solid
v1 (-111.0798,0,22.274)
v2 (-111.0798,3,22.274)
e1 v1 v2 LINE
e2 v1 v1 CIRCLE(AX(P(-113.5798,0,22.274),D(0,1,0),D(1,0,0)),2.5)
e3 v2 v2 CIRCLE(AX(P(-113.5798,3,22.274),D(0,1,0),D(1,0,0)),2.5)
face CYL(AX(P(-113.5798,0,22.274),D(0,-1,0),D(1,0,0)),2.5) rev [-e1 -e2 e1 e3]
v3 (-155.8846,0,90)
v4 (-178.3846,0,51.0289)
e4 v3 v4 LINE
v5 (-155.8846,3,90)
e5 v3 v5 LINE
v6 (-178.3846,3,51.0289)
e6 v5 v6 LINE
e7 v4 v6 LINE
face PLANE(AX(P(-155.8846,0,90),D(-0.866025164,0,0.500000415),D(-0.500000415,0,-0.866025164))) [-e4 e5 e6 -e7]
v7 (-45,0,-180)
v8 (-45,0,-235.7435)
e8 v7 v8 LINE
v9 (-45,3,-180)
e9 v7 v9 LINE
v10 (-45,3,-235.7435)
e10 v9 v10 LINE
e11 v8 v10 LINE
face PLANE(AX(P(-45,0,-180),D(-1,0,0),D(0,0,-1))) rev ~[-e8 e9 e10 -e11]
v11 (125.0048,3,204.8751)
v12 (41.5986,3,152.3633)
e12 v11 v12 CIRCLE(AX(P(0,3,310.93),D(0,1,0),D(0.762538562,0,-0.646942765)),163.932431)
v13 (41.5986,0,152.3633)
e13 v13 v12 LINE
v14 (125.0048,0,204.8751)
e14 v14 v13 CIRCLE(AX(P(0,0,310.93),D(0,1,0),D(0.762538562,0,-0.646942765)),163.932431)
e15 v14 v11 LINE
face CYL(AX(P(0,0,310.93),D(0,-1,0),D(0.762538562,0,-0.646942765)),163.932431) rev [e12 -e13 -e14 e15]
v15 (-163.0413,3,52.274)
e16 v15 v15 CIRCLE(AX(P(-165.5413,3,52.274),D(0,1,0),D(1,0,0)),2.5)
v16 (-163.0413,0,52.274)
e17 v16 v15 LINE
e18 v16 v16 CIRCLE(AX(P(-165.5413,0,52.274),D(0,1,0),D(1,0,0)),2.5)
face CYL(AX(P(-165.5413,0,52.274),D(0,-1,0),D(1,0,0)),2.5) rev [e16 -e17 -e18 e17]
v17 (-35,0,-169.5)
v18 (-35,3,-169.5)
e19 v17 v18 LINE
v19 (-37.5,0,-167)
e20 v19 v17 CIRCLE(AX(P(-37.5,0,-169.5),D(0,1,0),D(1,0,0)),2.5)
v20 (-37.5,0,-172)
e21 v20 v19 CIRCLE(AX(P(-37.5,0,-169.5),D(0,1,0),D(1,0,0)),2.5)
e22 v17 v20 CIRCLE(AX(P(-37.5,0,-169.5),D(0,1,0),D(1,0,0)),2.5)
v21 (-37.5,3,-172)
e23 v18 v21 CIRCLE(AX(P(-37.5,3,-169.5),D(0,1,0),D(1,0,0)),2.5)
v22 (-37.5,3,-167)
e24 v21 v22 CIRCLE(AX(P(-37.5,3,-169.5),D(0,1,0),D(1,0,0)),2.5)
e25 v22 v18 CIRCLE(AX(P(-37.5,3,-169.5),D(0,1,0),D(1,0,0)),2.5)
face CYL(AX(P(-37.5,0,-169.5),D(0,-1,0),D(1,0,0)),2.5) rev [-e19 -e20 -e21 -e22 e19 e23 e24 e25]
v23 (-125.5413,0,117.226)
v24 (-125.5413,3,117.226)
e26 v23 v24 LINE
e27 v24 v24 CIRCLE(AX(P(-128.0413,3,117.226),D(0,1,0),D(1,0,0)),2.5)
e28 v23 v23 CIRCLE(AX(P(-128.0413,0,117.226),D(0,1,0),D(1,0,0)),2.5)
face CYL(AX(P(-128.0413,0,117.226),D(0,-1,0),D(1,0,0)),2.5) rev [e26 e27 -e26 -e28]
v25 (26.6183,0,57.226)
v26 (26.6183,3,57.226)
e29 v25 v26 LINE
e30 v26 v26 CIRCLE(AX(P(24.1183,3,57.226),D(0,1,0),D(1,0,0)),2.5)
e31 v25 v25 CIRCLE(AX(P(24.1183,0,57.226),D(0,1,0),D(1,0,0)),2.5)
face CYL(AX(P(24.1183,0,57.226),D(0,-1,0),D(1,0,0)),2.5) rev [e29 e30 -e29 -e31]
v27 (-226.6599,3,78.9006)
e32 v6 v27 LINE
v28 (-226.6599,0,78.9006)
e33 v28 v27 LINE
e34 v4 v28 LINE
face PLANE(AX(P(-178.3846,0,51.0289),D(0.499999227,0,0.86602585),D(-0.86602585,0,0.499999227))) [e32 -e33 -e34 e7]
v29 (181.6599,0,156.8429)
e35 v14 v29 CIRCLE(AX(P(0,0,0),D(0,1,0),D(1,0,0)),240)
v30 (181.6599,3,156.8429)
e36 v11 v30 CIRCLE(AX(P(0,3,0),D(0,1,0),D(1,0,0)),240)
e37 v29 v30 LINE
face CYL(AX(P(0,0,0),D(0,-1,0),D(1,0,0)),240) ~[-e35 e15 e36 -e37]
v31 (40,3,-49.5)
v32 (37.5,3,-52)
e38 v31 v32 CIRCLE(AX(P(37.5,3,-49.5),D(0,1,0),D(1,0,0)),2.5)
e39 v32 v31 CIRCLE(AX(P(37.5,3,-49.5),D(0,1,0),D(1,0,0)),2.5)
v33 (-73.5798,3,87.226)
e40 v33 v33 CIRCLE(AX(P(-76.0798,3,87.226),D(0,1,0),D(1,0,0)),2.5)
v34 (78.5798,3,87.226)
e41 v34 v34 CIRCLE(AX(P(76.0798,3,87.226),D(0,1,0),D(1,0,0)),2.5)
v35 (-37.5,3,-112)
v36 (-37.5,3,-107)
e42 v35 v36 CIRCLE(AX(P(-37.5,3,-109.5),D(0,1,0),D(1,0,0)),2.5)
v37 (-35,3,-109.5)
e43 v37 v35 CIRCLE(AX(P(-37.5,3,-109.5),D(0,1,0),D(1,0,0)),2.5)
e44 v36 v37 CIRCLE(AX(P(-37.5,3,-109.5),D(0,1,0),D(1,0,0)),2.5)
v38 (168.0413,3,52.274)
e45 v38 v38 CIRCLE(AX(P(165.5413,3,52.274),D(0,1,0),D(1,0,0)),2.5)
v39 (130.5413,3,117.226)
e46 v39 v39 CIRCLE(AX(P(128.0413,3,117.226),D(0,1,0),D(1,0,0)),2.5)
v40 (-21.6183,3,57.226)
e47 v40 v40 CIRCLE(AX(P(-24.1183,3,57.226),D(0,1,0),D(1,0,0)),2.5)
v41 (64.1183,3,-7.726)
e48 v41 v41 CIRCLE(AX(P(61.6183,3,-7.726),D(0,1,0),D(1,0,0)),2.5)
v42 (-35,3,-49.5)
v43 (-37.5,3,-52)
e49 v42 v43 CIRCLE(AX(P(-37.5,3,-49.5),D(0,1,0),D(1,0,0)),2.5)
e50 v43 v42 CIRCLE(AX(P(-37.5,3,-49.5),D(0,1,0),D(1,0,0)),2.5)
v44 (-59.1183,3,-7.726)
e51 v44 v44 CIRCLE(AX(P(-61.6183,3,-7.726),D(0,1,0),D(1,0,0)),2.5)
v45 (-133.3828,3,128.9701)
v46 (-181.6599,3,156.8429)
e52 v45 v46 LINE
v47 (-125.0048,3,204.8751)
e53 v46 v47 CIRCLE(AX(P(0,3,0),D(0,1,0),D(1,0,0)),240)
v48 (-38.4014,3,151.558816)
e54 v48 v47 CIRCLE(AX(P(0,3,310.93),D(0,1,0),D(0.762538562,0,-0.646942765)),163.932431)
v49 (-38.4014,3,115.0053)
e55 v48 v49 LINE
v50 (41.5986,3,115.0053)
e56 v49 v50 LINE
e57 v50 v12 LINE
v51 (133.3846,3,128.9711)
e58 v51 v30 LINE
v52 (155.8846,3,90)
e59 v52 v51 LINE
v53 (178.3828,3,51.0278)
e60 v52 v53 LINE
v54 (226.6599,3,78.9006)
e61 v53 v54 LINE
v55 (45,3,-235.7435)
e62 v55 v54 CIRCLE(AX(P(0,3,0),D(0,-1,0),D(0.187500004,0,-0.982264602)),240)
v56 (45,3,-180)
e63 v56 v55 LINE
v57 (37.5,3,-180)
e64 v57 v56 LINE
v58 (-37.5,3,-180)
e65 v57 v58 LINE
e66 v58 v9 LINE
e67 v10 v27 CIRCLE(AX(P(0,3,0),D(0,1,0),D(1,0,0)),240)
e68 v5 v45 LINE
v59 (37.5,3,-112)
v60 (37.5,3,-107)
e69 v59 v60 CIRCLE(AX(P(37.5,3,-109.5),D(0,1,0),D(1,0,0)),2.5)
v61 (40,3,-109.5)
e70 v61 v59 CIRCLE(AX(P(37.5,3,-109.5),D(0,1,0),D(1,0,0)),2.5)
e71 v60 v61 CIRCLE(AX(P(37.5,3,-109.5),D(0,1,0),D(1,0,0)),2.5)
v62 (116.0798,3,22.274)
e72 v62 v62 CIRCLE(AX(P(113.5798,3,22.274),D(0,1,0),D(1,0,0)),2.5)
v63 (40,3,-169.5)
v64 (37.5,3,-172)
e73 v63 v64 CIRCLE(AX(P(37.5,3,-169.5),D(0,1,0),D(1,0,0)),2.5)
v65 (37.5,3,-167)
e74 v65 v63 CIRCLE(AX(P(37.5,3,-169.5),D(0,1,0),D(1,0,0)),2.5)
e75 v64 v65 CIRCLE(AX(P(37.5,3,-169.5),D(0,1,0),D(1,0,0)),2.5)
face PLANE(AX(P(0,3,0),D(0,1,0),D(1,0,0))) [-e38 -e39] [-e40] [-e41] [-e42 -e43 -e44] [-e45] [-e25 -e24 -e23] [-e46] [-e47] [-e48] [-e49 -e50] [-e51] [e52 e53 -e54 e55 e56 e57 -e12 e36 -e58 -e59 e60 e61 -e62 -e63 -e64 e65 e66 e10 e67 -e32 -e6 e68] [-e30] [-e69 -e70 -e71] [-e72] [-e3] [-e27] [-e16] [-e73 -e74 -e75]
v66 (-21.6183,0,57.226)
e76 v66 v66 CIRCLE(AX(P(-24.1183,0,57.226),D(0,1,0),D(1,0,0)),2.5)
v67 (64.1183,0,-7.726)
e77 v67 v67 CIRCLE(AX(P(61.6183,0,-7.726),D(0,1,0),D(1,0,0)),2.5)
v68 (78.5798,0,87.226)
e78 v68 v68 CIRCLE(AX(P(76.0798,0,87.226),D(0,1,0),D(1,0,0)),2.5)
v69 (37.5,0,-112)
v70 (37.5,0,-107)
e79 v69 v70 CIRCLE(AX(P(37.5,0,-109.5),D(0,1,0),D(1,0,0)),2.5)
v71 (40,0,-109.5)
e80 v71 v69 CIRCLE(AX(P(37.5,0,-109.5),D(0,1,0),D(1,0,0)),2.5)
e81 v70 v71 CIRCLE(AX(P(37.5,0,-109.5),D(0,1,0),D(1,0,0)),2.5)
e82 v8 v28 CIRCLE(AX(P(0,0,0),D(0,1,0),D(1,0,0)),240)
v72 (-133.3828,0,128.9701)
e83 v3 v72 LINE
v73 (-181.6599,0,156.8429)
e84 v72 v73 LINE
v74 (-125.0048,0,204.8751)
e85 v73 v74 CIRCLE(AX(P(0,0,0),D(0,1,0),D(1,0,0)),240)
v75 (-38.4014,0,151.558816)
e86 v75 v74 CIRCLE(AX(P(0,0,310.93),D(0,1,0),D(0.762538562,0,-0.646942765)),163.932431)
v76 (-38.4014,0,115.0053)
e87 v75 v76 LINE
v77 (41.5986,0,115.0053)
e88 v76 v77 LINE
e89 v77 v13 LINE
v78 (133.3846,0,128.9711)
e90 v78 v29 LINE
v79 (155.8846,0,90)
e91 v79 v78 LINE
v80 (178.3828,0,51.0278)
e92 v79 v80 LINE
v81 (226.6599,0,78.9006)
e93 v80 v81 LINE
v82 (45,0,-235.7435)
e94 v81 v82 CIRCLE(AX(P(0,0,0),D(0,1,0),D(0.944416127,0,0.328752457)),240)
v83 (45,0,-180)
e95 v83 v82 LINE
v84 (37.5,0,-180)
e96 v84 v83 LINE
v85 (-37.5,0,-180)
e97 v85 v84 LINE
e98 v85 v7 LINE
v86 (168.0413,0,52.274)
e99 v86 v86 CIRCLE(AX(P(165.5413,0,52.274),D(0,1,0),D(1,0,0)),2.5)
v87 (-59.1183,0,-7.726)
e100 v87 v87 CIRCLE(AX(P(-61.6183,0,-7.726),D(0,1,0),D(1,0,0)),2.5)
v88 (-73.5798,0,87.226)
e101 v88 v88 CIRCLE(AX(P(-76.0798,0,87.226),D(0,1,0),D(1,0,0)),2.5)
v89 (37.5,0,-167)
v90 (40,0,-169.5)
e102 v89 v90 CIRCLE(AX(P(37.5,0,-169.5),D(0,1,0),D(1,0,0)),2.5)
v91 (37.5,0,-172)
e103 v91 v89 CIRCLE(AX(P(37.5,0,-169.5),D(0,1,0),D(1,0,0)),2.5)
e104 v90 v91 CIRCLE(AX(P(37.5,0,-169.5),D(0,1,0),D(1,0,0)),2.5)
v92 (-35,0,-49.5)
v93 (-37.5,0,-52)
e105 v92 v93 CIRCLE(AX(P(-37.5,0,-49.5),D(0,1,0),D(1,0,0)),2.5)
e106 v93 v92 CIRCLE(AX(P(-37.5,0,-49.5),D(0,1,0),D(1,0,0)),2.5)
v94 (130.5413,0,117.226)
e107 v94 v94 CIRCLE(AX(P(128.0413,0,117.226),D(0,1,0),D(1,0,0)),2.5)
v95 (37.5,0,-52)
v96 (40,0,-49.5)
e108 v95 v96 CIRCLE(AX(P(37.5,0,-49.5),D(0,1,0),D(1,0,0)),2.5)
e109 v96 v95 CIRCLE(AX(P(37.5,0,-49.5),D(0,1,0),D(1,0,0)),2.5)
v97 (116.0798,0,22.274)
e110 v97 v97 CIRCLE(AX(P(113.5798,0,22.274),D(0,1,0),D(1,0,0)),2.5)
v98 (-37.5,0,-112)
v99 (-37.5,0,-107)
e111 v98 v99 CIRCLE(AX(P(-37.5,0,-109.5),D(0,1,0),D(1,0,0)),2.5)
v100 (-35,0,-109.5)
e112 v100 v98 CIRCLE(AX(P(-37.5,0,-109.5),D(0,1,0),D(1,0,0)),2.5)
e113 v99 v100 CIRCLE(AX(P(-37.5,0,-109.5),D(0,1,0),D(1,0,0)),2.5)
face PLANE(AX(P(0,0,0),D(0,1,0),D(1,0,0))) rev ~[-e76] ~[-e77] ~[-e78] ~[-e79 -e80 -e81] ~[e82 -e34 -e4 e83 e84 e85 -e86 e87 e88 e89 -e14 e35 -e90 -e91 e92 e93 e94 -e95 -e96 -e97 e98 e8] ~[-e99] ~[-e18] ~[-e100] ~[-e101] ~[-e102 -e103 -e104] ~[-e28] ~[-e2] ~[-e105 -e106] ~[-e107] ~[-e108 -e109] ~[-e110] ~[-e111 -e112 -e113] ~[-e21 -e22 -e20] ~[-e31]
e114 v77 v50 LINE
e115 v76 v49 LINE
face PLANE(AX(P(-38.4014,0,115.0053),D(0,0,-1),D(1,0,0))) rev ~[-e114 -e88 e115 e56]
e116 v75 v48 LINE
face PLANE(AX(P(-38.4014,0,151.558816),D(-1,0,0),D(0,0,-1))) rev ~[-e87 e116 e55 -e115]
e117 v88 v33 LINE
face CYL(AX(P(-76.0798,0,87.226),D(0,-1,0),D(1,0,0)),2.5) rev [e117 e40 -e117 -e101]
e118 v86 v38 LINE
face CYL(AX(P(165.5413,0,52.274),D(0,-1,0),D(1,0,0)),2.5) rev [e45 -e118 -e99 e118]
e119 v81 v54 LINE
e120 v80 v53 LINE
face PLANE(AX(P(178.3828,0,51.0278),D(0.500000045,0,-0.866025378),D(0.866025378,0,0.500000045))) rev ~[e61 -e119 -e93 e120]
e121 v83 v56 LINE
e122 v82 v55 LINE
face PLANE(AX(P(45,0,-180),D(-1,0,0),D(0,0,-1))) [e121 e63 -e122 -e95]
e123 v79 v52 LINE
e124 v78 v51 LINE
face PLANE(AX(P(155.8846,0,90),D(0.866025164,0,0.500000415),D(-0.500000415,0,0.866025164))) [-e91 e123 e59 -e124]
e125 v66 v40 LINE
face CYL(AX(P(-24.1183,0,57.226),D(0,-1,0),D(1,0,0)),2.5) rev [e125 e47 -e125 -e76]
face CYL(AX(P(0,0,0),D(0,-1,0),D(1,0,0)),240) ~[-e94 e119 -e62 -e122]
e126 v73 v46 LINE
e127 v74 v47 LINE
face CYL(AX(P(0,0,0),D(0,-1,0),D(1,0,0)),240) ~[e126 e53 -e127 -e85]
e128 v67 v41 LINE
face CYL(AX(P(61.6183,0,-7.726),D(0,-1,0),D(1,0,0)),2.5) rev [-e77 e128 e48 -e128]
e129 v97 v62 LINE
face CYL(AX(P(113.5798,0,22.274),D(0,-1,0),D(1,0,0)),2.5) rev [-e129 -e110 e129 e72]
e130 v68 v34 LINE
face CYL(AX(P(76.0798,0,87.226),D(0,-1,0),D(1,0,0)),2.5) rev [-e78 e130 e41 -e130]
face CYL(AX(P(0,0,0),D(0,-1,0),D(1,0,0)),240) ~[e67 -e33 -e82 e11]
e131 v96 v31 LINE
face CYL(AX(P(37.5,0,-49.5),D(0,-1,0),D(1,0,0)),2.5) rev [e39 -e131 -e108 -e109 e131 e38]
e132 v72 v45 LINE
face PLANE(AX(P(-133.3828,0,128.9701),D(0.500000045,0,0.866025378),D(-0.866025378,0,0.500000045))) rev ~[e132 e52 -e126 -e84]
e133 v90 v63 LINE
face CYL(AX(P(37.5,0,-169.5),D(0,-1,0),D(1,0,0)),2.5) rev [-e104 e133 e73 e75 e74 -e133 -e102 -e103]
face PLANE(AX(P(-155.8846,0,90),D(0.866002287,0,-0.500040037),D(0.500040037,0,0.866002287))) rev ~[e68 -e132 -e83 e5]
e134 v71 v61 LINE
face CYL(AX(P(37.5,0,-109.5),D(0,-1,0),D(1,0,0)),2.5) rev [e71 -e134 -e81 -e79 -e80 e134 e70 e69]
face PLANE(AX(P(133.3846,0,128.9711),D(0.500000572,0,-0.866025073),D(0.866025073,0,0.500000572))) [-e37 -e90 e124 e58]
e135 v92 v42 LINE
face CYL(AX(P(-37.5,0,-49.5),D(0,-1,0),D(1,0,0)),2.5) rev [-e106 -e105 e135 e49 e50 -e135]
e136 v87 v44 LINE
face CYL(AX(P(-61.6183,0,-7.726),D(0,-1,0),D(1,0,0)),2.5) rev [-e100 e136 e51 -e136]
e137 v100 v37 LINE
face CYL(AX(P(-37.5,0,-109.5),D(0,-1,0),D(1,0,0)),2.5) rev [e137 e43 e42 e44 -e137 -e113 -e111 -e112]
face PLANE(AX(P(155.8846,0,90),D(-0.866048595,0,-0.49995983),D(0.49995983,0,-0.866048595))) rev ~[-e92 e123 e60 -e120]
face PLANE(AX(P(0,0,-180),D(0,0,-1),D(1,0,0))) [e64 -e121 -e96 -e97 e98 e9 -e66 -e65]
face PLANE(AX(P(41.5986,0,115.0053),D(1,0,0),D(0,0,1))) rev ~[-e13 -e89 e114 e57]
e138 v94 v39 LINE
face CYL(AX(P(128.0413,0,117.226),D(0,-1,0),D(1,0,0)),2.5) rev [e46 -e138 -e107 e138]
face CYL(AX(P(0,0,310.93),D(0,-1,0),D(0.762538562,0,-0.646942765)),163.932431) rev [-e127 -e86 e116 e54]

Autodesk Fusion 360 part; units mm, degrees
sketch "Sketch1" plane through (0, 0, 0) normal (0, 1, 0) x (1, 0, 0)
  circle A0 centre (0, 0) radius 240
  line L0 (0, 0) -> (-207.8461, -120)
  line L1 (0, 0) -> (240, 0) construction
  line L2 (0, 0) -> (207.8461, -120)
  line L3 (0, 0) -> (240, 0) construction
  line L4 (0, 0) -> (0, 240)
  line L5 (0, 240) -> (0, 180)
  line L6 (0, 180) -> (-45, 180)
  line L7 (0, 180) -> (45, 180)
  line L8 (45, 180) -> (45, 235.7435)
  line L9 (-45, 180) -> (-45, 179.9979)
  line L10 (-45, 179.9979) -> (-45, 235.7435)
  line L11 (-133.3828, -128.9701) -> (-181.6599, -156.8429)
  line L12 (-155.8846, -90) -> (-133.3846, -128.9711)
  line L13 (-155.8846, -90) -> (-178.3846, -51.0289)
  line L14 (-178.3846, -51.0289) -> (-226.6599, -78.9006)
  line L15 (178.3828, -51.0278) -> (226.6599, -78.9006)
  line L16 (155.8846, -90) -> (178.3846, -51.0289)
  line L17 (155.8846, -90) -> (133.3846, -128.9711)
  line L18 (133.3846, -128.9711) -> (181.6599, -156.8429)
  line L19 (0, 180) -> (-37.5, 180)
  line L20 (-37.5, 180) -> (-37.5, 169.5)
  circle A1 centre (-37.5, 169.5) radius 2.5
  line L21 (-37.5, 169.5) -> (-37.5, 109.5)
  line L22 (-37.5, 109.5) -> (-37.5, 49.5)
  circle A2 centre (-37.5, 109.5) radius 2.5
  circle A3 centre (-37.5, 49.5) radius 2.5
  line L23 (37.5, 109.5) -> (37.5, 49.5)
  circle A4 centre (37.5, 49.5) radius 2.5
  circle A5 centre (37.5, 109.5) radius 2.5
  line L24 (37.5, 169.5) -> (37.5, 109.5)
  circle A6 centre (37.5, 169.5) radius 2.5
  line L25 (37.5, 180) -> (37.5, 169.5)
  circle A7 centre (-165.5413, -52.274) radius 2.5
  circle A8 centre (-113.5798, -22.274) radius 2.5
  circle A9 centre (-61.6183, 7.726) radius 2.5
  circle A10 centre (-24.1183, -57.226) radius 2.5
  circle A11 centre (-76.0798, -87.226) radius 2.5
  circle A12 centre (-128.0413, -117.226) radius 2.5
  circle A13 centre (128.0413, -117.226) radius 2.5
  circle A14 centre (76.0798, -87.226) radius 2.5
  circle A15 centre (24.1183, -57.226) radius 2.5
  circle A16 centre (61.6183, 7.726) radius 2.5
  circle A17 centre (113.5798, -22.274) radius 2.5
  circle A18 centre (165.5413, -52.274) radius 2.5
  arc A19 (125.0048, -204.8751) -> (-125.0048, -204.8751) centre (0, -310.93) ccw
  line L26 (-38.4014, -152.3633) -> (-38.4014, -115.0053)
  line L27 (-38.4014, -115.0053) -> (41.5986, -115.0053)
  line L28 (41.5986, -115.0053) -> (41.5986, -152.3633)
  dimension "d90" = 480
  dimension "d91" = 150
  dimension "d92" = 30
  dimension "d100" = 60
  dimension "d101" = 45
  dimension "d102" = 45
  dimension "d104" = 360
  dimension "d105" = 37.5
  dimension "d106" = 10.5
  dimension "d107" = 5
  dimension "d108" = 60
  dimension "d109" = 60
  dimension "d110" = 5
  dimension "d111" = 5
  dimension "d113" = 360
extrude "Extrude2" add sketch "Sketch1" along normal blind 3 contours A0 L2 L4 L7 L8 L15 L16 | A0 L0 L4 L6 L10 L13 L14 L19 | A0 L0 L2 L11 L12 L17 L18 A19 L26 L27 L28
equation "d92 = 150 deg - 120 deg"
equation "d101 = ( 90 / 2 ) * 1 mm"
equation "d102 = ( 90 / 2 ) * 1 mm"
equation "d61 = ( 42 / 2 ) * 1 mm"
